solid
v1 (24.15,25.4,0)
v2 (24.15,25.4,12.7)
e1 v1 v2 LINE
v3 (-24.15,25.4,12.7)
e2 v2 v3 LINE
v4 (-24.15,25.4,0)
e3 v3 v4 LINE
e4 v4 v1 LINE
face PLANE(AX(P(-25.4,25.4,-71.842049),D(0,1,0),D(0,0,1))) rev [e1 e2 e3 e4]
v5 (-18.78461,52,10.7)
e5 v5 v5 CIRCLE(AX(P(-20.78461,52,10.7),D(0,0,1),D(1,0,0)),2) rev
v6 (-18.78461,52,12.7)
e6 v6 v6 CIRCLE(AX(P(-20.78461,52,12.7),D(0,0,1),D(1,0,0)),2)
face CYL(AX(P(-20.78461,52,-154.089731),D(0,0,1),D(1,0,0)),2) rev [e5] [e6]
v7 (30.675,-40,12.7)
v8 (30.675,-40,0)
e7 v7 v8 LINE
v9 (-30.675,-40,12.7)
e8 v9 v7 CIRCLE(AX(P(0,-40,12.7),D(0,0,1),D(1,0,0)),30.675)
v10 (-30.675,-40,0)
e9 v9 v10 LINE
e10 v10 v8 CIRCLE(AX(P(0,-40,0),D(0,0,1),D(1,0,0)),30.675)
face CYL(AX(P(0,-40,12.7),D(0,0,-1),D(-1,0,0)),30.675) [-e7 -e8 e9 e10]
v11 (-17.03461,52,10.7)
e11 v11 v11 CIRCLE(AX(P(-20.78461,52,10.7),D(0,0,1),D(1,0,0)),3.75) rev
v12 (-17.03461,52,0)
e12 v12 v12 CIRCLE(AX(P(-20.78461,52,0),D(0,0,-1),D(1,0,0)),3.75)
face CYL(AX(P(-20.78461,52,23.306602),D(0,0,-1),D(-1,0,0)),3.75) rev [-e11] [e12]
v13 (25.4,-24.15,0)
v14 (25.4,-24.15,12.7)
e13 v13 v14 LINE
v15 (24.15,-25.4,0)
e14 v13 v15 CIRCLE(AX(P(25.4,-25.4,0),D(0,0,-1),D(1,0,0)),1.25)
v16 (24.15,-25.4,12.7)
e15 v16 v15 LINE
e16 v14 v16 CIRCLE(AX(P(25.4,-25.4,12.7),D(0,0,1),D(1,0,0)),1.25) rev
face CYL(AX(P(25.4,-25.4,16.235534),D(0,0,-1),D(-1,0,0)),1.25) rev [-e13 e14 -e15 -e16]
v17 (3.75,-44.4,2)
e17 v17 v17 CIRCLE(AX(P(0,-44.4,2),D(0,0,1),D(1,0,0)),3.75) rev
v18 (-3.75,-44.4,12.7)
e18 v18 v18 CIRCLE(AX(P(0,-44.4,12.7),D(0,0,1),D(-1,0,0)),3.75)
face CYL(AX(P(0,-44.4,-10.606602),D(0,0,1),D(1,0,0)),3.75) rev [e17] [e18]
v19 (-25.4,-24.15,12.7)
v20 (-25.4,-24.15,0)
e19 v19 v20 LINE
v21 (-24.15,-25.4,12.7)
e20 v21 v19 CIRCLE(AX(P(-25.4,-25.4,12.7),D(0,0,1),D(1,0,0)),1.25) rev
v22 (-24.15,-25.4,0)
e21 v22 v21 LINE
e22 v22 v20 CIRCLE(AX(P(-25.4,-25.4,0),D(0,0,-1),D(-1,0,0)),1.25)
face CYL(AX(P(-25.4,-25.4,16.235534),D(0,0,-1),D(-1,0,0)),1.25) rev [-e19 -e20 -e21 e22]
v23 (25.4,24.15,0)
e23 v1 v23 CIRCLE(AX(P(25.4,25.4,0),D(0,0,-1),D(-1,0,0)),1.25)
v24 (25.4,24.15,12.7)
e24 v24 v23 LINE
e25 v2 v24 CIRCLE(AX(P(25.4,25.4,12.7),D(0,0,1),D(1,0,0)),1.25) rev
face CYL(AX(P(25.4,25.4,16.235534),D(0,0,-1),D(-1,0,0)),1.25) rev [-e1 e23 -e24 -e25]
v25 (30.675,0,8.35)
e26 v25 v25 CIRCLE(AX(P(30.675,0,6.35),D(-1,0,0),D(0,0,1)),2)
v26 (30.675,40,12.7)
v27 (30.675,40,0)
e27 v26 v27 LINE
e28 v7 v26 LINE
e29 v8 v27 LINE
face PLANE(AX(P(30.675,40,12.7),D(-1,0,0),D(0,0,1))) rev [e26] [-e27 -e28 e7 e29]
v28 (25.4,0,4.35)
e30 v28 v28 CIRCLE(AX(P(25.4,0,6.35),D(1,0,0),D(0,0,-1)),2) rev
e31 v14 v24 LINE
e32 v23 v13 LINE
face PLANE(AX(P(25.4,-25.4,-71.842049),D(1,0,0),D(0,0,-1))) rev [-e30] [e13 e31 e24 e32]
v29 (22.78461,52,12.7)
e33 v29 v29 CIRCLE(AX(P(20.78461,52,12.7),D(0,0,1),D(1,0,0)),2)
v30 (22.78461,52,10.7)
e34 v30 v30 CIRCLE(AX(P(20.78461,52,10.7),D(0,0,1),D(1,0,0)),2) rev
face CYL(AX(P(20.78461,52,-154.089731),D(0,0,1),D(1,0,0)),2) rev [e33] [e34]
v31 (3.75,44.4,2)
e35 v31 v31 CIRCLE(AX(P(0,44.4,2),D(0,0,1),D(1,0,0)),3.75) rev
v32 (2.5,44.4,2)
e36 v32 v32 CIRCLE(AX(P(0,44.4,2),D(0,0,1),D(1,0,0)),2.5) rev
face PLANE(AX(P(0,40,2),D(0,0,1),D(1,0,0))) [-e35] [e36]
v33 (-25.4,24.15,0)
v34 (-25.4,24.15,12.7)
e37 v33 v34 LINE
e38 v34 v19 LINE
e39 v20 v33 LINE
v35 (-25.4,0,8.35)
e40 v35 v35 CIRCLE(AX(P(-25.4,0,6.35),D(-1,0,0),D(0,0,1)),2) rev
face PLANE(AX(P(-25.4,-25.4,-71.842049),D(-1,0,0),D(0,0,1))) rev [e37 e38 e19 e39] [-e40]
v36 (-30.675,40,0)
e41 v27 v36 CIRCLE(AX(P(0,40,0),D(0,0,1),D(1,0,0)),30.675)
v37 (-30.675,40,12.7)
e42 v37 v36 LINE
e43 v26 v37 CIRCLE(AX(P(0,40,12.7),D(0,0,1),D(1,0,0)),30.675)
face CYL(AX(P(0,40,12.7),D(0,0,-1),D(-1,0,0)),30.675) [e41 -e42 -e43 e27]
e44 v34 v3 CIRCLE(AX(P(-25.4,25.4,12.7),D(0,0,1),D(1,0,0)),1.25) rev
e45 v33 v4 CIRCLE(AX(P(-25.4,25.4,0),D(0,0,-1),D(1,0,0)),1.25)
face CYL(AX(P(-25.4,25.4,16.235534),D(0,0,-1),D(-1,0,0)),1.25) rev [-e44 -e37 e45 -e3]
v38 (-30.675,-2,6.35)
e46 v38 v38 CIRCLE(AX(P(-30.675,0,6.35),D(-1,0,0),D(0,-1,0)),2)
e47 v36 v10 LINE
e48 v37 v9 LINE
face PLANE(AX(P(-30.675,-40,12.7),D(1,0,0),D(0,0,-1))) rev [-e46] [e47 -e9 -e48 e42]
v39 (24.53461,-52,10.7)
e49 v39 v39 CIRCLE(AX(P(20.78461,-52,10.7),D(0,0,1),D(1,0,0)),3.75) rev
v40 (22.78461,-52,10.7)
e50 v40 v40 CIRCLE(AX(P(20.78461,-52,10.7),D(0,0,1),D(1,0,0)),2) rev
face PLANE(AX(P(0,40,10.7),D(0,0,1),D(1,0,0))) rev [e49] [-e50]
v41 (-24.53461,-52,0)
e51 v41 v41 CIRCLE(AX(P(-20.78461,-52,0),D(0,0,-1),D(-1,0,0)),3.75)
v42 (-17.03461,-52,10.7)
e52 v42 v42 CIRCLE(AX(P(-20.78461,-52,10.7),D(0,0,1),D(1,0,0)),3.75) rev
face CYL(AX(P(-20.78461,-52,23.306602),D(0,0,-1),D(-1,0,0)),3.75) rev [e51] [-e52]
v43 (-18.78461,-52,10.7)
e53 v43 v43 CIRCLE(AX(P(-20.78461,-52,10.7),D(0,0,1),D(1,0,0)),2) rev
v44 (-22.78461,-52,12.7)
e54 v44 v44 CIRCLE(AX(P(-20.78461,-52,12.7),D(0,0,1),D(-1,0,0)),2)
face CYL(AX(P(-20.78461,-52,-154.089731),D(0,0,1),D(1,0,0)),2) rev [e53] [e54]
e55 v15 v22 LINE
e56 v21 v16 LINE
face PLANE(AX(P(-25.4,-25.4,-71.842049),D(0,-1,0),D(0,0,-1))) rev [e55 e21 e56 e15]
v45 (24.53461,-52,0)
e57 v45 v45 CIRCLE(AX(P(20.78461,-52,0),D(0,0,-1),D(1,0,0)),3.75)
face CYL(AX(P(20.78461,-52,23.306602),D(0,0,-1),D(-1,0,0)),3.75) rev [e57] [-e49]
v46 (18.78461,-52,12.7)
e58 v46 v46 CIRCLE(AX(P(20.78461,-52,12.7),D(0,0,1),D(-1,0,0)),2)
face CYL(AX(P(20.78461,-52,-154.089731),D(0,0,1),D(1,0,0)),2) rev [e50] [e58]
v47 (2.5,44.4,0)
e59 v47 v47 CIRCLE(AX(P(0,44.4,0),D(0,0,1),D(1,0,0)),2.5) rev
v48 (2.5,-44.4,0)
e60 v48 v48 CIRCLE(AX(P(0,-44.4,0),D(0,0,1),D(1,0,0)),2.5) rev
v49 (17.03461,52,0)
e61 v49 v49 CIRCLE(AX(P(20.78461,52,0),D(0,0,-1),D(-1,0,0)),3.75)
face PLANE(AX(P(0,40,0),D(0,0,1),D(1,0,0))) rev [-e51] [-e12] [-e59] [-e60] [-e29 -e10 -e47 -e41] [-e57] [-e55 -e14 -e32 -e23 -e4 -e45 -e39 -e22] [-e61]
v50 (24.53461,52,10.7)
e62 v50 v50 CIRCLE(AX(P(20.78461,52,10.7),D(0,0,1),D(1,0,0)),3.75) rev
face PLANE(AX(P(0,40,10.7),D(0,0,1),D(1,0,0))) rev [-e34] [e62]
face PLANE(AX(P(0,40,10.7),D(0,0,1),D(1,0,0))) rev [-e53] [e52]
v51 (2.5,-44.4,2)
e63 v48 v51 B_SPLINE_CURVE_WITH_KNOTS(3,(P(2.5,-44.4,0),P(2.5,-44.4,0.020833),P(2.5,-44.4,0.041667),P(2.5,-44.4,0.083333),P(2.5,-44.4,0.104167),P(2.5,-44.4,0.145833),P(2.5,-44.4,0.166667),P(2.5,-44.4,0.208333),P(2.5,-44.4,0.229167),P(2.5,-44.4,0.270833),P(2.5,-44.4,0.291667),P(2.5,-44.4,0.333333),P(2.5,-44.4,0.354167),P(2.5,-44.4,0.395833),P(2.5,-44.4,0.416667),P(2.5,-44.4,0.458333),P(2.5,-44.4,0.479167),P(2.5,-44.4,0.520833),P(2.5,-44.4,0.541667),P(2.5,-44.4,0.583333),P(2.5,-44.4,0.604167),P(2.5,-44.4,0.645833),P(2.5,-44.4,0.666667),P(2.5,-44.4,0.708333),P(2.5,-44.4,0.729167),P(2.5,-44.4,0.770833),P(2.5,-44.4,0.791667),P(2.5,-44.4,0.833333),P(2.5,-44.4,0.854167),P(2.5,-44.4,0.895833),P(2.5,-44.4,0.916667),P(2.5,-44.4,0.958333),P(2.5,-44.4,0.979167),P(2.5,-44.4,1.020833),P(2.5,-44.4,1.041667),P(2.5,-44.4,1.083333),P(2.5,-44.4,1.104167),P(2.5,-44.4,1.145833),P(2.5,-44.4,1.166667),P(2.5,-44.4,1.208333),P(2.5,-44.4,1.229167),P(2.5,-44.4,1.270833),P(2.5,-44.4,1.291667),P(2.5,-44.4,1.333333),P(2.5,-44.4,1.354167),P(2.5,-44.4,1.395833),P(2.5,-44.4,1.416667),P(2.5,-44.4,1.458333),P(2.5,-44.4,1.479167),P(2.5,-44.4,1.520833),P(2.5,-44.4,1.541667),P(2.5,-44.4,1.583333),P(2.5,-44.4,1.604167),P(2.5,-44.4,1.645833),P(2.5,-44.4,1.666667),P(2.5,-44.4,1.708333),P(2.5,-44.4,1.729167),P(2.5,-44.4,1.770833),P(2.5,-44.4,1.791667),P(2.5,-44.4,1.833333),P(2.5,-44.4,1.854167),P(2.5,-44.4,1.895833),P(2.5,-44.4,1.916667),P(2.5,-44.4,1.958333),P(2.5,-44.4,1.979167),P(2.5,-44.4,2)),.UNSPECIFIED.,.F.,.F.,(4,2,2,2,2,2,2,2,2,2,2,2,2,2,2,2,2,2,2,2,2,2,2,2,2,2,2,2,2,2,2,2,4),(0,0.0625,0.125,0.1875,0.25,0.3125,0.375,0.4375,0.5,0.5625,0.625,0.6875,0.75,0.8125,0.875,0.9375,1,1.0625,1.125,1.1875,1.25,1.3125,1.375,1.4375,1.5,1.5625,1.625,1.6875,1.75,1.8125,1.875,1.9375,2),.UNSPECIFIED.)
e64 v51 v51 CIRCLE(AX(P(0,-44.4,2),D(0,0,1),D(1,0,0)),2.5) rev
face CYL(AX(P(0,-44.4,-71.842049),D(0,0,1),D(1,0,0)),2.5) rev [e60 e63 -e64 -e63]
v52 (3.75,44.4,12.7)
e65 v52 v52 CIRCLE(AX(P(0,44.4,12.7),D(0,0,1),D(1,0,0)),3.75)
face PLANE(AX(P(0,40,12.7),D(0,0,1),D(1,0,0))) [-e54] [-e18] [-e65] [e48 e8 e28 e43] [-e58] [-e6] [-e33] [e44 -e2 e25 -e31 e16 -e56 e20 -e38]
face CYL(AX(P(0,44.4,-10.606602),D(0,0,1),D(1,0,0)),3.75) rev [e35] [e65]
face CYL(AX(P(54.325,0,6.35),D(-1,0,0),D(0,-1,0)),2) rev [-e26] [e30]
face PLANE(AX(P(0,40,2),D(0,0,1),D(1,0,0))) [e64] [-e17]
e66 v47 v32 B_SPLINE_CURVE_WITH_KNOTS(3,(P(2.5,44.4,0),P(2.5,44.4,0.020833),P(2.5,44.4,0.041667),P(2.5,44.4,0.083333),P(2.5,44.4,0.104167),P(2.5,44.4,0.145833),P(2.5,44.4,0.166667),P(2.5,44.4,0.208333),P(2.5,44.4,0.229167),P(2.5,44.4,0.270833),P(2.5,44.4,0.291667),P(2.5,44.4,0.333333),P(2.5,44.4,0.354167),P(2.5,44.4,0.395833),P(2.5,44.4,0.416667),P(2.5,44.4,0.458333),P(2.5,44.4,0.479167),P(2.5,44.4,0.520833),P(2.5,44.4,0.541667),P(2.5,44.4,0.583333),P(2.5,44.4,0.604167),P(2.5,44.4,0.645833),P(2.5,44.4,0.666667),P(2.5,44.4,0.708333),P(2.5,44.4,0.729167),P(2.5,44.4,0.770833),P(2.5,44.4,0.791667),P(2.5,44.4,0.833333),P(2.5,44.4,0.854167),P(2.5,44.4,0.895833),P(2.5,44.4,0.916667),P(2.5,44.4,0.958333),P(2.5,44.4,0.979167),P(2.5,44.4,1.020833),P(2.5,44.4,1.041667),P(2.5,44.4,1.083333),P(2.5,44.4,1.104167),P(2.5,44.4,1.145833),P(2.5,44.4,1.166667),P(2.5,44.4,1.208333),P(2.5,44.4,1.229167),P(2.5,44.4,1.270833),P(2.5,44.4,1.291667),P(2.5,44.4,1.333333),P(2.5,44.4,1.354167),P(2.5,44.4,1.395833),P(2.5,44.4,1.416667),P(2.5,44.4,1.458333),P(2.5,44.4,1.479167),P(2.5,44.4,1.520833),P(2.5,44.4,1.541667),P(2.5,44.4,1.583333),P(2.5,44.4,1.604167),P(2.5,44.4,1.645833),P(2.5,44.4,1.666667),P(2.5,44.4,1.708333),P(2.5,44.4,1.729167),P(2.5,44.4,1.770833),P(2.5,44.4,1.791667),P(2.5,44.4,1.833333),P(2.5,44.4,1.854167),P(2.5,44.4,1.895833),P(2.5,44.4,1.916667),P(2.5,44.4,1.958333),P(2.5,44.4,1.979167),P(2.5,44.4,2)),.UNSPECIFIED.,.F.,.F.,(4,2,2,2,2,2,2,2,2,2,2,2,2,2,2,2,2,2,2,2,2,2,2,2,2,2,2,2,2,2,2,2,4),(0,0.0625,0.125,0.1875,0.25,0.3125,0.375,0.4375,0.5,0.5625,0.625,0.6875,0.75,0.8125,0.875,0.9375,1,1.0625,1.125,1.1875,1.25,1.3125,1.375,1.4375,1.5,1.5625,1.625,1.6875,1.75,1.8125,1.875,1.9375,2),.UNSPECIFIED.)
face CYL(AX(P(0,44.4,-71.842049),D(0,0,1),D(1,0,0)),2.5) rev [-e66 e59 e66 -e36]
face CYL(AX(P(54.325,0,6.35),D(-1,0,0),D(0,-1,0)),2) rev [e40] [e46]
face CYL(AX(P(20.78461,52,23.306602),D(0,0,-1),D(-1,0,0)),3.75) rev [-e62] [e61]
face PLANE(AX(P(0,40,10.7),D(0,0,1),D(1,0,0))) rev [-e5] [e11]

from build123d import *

# Parameters (mm, degrees)
SKETCH1_R           = 27.5
BOSS_EXTRUDE1_DEPTH = 12.7
BOSS_EXTRUDE2_START = -12.7
SKETCH2_R           = 2
BOSS_EXTRUDE2_DEPTH = 12.7
SKETCH7_R           = 2
CUT_EXTRUDE4_DEPTH  = 85
SKETCH8_R           = 2.5
SKETCH8_W           = 50.8
SKETCH8_H           = 50.8
CUT_EXTRUDE5_DEPTH  = 12.7
SKETCH9_R           = 1.25
CUT_EXTRUDE6_DEPTH  = 12.7
SKETCH10_R          = 3.75
CUT_EXTRUDE7_DEPTH  = 10.7
SKETCH11_R          = 3.75
CUT_EXTRUDE8_DEPTH  = 10.7


with BuildPart() as part:
    # Sketch1 → Boss-Extrude1 (new body)
    with BuildSketch(Plane.XY):
        with BuildLine():
            Line((30.675000233, 40), (30.675000233, -40))
            ThreePointArc((30.675000233, -40), (0, -70.675000233), (-30.675000233, -40))
            Line((-30.675000233, -40), (-30.675000233, 40))
            ThreePointArc((-30.675000233, 40), (0, 70.675000233), (30.675000233, 40))
        make_face()
        with Locations((0, -40)):
            Circle(SKETCH1_R, mode=Mode.SUBTRACT)
        with Locations(Location((0, 40, 0), (0, 0, 180))):
            Circle(SKETCH1_R, mode=Mode.SUBTRACT)
    extrude(amount=BOSS_EXTRUDE1_DEPTH)

    # Sketch2 → Boss-Extrude2 (add)
    with BuildSketch(Plane.XY.offset(12.7).offset(BOSS_EXTRUDE2_START)):
        with BuildLine():
            Line((-30.675000233, 40), (-30.675000233, -40))
            ThreePointArc((-30.675000233, -40), (0, -70.675000233), (30.675000233, -40))
            Line((30.675000233, -40), (30.675000233, 40))
            ThreePointArc((30.675000233, 40), (0, 70.675000233), (-30.675000233, 40))
        make_face()
        with Locations((20.784609691, 52)):
            Circle(SKETCH2_R, mode=Mode.SUBTRACT)
        with Locations((-20.784609691, 52)):
            Circle(SKETCH2_R, mode=Mode.SUBTRACT)
        with Locations((-20.784609691, -52)):
            Circle(SKETCH2_R, mode=Mode.SUBTRACT)
        with Locations((20.784609691, -52)):
            Circle(SKETCH2_R, mode=Mode.SUBTRACT)
    extrude(amount=BOSS_EXTRUDE2_DEPTH)

    # Sketch7 → Cut-Extrude4 (cut)
    with BuildSketch(Plane.ZY.offset(30.675000233)):
        with Locations(Location((6.35, 0, 0), (0, 0, 270))):
            Circle(SKETCH7_R)
    extrude(amount=-CUT_EXTRUDE4_DEPTH, mode=Mode.SUBTRACT)

    # Sketch8 → Cut-Extrude5 (cut)
    with BuildSketch(Plane.XY.offset(12.7)):
        with Locations((0, 44.4)):
            Circle(SKETCH8_R)
        with Locations((0, -44.4)):
            Circle(SKETCH8_R)
        Rectangle(SKETCH8_W, SKETCH8_H)
    extrude(amount=-CUT_EXTRUDE5_DEPTH, mode=Mode.SUBTRACT)

    # Sketch9 → Cut-Extrude6 (cut)
    with BuildSketch(Plane(origin=(0, 0, 0), x_dir=(-1, 0, 0), z_dir=(0, 0, -1))):
        with Locations((-25.4, 25.4)):
            Circle(SKETCH9_R)
        with Locations((25.4, 25.4)):
            Circle(SKETCH9_R)
        with Locations((25.4, -25.4)):
            Circle(SKETCH9_R)
        with Locations((-25.4, -25.4)):
            Circle(SKETCH9_R)
    extrude(amount=-CUT_EXTRUDE6_DEPTH, mode=Mode.SUBTRACT)

    # Sketch10 → Cut-Extrude7 (cut)
    with BuildSketch(Plane(origin=(0, 0, 0), x_dir=(-1, 0, 0), z_dir=(0, 0, -1))):
        with Locations((-20.784609691, 52)):
            Circle(SKETCH10_R)
        with Locations(Location((20.784609691, 52, 0), (0, 0, 180))):
            Circle(SKETCH10_R)
        with Locations((20.784609691, -52)):
            Circle(SKETCH10_R)
        with Locations(Location((-20.784609691, -52, 0), (0, 0, 180))):
            Circle(SKETCH10_R)
    extrude(amount=-CUT_EXTRUDE7_DEPTH, mode=Mode.SUBTRACT)

    # Sketch11 → Cut-Extrude8 (cut)
    with BuildSketch(Plane.XY.offset(12.7)):
        with Locations((0, 44.4)):
            Circle(SKETCH11_R)
        with Locations((0, -44.4)):
            Circle(SKETCH11_R)
    extrude(amount=-CUT_EXTRUDE8_DEPTH, mode=Mode.SUBTRACT)


solid = part.part
